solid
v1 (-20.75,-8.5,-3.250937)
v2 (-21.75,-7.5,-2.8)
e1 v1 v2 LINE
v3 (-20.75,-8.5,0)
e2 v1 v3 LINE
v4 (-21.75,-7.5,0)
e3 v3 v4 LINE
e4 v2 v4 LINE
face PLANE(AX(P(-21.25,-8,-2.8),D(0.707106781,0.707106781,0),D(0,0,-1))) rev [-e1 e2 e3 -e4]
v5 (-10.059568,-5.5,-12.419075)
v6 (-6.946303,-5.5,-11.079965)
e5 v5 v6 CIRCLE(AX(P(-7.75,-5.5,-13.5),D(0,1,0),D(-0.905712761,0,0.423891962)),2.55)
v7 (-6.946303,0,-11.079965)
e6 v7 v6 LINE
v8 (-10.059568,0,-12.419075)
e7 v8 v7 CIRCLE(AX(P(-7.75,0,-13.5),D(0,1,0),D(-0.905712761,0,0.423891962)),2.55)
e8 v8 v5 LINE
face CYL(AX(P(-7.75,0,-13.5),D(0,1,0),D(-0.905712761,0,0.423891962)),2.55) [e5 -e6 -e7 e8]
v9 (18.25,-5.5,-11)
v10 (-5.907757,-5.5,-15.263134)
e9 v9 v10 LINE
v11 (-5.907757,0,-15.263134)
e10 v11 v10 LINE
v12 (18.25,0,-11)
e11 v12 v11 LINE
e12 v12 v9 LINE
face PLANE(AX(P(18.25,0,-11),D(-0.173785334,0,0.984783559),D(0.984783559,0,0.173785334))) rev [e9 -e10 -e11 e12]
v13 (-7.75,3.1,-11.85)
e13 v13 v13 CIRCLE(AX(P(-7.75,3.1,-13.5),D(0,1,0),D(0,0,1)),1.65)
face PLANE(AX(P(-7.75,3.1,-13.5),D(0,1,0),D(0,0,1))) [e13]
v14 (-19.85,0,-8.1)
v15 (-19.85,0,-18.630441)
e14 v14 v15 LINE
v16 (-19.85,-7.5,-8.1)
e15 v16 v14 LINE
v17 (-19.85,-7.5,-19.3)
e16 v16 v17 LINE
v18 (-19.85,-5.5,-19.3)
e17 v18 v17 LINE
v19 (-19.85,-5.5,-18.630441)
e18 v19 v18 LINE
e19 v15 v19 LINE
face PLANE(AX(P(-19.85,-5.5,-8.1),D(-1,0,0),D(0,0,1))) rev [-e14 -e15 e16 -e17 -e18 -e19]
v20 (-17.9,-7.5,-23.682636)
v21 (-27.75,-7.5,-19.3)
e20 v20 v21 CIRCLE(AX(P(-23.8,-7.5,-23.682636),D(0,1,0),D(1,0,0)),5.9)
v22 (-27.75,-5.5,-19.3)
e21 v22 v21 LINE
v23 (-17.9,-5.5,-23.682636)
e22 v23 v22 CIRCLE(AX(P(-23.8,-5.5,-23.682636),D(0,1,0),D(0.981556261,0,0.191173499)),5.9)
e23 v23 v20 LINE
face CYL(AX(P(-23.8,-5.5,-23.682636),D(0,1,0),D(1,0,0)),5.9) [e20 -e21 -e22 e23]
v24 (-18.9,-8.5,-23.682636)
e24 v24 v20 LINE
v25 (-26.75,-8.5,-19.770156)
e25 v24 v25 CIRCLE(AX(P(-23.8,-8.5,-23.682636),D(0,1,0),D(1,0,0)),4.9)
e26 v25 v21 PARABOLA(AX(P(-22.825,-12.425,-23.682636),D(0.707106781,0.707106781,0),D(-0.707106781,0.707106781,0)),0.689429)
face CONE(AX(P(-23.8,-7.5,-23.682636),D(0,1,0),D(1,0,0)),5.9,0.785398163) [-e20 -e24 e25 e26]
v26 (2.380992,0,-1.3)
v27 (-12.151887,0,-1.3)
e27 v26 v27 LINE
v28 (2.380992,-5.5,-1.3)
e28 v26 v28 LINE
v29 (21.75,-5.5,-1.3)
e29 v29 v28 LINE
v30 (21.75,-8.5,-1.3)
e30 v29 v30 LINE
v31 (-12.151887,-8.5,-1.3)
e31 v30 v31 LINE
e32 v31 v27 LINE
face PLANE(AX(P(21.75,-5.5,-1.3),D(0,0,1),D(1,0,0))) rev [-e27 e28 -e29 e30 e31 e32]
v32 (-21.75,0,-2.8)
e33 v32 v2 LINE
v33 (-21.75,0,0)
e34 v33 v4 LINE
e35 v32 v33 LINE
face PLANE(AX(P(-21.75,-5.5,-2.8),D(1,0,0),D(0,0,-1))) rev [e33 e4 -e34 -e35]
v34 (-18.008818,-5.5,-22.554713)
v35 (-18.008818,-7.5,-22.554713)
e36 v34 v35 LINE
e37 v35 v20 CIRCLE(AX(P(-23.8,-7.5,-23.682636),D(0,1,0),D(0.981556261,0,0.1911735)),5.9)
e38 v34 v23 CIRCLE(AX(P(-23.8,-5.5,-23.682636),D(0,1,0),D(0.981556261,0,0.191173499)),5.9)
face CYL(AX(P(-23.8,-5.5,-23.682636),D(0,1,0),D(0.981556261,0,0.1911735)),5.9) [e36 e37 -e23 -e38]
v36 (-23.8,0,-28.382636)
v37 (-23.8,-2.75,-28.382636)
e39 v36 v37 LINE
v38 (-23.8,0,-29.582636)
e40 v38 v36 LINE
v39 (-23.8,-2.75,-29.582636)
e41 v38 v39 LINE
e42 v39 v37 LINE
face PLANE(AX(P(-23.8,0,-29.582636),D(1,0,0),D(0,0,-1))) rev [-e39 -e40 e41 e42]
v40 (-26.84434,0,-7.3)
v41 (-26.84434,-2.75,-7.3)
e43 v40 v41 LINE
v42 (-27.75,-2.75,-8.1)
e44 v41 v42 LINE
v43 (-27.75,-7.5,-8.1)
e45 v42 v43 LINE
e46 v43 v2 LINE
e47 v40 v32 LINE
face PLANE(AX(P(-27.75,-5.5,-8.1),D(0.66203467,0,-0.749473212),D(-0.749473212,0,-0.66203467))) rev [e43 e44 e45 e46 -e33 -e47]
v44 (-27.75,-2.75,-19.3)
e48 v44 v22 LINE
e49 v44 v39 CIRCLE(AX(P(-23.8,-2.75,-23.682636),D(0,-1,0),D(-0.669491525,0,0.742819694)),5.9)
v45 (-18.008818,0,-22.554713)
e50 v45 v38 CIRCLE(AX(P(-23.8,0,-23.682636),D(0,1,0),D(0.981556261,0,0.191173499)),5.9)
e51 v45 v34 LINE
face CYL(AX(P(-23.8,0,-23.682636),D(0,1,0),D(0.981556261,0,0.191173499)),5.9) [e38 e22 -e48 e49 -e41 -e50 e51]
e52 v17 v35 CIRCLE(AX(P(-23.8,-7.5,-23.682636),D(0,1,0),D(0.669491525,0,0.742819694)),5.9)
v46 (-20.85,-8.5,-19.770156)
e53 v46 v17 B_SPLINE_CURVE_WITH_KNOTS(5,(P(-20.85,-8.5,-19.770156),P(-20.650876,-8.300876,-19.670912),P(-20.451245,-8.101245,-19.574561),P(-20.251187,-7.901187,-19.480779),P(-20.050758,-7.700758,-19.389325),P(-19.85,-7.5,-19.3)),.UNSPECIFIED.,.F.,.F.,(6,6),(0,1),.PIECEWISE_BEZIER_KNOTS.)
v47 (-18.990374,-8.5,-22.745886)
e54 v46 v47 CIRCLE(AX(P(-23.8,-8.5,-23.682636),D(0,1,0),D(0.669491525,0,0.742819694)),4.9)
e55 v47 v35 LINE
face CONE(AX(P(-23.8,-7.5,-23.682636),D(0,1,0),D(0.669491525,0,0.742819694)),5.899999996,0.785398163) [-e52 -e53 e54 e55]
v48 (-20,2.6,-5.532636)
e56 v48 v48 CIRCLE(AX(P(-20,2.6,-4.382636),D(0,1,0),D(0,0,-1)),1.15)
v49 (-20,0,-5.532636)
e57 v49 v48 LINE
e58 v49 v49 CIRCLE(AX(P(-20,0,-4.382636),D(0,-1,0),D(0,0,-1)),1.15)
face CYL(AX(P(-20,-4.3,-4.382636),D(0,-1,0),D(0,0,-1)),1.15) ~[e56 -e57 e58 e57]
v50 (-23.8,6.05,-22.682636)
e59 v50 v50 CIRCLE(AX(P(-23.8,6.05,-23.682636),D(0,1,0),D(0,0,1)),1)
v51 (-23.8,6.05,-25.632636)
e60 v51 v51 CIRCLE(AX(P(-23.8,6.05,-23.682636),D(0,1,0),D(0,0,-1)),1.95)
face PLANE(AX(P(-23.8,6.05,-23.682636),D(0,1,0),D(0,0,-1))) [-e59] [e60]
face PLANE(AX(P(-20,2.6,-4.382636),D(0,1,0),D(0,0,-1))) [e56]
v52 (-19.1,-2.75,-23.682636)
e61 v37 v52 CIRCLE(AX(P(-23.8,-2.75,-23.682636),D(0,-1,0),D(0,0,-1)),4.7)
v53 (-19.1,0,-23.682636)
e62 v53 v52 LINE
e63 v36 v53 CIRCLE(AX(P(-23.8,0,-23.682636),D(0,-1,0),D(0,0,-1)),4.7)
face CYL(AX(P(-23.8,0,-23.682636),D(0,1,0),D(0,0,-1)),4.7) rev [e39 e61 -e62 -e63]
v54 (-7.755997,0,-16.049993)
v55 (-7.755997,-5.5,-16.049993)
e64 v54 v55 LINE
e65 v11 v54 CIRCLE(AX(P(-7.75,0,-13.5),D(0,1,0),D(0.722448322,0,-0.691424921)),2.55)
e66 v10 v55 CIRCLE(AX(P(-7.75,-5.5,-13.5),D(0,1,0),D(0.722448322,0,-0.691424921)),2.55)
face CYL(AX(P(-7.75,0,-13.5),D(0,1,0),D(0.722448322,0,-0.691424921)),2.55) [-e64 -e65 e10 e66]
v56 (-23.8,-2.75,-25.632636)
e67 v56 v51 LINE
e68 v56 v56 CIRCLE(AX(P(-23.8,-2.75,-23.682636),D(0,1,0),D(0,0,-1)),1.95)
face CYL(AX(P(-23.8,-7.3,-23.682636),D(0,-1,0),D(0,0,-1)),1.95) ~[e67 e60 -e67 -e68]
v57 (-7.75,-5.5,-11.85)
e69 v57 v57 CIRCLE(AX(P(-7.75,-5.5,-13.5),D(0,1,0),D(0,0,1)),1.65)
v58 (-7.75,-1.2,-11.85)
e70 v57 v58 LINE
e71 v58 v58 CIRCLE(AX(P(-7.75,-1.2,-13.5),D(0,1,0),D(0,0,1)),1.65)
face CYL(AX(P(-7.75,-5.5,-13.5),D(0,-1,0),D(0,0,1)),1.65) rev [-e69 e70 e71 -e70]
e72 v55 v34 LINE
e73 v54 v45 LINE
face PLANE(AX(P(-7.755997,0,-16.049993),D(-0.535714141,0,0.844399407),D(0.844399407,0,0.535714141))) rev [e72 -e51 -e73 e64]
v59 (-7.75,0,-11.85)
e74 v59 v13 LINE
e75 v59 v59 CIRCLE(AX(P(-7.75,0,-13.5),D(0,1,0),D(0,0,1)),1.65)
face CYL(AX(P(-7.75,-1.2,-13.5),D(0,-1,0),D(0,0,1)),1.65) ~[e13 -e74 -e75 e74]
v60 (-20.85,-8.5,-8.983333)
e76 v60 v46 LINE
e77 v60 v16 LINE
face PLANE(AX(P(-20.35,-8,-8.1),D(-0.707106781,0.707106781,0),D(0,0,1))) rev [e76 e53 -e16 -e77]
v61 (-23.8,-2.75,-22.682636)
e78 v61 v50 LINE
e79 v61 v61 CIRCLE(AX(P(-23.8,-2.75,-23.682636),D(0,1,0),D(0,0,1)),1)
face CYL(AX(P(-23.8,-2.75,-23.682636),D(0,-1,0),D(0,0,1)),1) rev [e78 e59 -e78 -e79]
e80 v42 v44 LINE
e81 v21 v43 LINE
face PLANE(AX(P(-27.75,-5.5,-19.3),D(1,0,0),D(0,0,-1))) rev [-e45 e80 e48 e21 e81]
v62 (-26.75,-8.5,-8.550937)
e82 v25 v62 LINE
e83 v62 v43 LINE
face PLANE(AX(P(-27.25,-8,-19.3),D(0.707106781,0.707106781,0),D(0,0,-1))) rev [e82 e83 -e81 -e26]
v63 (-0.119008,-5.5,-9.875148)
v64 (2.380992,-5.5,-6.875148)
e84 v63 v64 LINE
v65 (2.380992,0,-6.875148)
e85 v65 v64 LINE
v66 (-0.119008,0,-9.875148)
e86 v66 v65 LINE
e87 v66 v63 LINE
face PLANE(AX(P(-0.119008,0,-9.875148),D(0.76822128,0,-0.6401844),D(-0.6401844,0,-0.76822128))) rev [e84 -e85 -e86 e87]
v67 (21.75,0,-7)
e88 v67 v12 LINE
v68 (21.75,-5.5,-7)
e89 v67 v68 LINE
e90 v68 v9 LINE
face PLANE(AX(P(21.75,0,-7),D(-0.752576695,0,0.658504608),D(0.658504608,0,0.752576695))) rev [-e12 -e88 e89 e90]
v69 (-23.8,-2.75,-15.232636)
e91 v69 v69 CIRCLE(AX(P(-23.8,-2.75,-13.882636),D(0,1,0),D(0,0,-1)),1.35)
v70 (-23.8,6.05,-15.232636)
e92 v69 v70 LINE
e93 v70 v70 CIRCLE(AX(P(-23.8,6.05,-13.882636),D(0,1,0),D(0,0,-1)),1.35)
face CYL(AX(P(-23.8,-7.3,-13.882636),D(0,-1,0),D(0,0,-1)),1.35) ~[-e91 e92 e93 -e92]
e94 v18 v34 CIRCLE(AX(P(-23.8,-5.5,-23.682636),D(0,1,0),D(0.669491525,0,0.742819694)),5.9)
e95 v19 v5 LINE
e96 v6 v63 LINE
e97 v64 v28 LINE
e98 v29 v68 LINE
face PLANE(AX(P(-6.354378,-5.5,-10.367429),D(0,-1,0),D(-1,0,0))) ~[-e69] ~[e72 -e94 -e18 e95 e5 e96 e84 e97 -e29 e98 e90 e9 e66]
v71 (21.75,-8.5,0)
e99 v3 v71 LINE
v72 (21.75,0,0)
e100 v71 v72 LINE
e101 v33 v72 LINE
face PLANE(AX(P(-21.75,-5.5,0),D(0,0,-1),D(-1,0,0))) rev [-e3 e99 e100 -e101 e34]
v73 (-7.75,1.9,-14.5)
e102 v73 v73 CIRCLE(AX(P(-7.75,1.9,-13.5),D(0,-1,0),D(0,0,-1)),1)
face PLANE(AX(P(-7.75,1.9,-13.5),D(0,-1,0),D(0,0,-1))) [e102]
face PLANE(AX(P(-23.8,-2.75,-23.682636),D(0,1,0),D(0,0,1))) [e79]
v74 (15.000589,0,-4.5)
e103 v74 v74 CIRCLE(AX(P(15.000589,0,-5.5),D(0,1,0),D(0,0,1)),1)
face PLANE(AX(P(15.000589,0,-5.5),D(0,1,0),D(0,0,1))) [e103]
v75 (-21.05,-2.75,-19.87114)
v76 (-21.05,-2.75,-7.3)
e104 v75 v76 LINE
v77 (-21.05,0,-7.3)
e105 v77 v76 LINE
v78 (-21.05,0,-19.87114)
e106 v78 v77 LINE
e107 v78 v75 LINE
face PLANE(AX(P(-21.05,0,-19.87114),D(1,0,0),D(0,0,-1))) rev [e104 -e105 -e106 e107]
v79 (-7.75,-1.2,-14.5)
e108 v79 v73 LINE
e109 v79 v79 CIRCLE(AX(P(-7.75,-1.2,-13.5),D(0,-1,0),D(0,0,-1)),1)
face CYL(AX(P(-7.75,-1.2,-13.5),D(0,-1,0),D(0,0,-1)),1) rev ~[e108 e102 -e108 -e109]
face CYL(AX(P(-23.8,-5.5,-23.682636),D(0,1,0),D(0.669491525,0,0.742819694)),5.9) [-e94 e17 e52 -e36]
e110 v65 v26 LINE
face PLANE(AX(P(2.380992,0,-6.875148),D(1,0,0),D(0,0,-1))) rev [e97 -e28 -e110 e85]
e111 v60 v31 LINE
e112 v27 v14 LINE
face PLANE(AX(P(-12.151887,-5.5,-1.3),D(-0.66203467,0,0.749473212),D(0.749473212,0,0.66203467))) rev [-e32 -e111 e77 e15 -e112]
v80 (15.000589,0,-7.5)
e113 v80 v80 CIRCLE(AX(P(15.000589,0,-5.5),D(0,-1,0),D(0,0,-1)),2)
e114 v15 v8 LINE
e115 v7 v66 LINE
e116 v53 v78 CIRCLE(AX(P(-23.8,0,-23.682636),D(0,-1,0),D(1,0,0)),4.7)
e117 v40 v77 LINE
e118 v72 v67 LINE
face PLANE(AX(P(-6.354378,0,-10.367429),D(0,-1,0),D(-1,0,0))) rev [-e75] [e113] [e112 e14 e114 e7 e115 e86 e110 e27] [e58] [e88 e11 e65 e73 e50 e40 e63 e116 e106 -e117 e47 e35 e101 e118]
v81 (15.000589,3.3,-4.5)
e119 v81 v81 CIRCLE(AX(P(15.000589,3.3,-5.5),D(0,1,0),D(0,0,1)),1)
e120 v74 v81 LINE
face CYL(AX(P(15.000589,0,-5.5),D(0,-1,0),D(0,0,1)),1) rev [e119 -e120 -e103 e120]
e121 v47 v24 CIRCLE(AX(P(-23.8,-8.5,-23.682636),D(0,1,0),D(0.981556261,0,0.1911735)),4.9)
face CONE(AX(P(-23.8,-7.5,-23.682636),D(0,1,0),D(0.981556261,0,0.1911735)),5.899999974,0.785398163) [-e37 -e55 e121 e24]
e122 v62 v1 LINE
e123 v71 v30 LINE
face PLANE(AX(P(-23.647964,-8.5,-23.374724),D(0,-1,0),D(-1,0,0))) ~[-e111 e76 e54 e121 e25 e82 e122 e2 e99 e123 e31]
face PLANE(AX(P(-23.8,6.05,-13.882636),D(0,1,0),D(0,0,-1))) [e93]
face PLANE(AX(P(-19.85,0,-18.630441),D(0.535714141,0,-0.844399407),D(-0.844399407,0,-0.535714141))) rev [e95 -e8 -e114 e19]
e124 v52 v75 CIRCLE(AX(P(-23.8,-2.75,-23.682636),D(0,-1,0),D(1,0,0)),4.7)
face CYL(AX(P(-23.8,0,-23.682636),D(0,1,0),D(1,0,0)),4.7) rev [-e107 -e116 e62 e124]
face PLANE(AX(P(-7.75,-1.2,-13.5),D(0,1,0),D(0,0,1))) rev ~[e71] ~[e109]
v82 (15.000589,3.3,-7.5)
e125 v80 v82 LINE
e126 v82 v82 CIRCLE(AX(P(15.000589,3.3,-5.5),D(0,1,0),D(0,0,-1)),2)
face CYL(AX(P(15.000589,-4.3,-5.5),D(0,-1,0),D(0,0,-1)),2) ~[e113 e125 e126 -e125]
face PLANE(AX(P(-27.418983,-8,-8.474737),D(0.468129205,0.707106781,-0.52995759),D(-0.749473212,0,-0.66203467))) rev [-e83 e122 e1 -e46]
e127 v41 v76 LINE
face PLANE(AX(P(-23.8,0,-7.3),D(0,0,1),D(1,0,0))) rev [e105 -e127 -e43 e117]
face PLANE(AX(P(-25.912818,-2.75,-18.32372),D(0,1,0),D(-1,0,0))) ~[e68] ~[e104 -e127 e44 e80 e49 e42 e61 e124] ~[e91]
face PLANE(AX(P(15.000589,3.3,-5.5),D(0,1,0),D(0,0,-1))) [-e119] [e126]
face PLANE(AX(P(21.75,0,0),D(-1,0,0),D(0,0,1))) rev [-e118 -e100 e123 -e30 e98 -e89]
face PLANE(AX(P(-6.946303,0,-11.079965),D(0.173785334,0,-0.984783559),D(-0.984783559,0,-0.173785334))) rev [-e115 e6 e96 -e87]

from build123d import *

# Parameters (mm, degrees)
BOSS_EXTRUDE1_DEPTH      = 5.5
SKETCH2_R                = 1.65
CUT_EXTRUDE1_DEPTH       = 5.5
BOSS_EXTRUDE2_DEPTH      = 3
CUT_EXTRUDE2_DEPTH       = 2.75
SKETCH5_R                = 1.95
SKETCH5_R_2              = 1.35
SKETCH5_R_3              = 1.15
SKETCH5_R_4              = 2
CUT_EXTRUDE3_DEPTH       = 4.3
SKETCH7_R                = 1.95
SKETCH7_R_2              = 1.35
CUT_EXTRUDE4_DEPTH       = 3
CHAMFER1_SIZE            = 1
CUT_EXTRUDE5_DEPTH       = 2.75
SKETCH9_R                = 1.95
BOSS_EXTRUDE3_DEPTH      = 13.35
CUT_EXTRUDE6_START       = -8.8
SKETCH10_R               = 1
CUT_EXTRUDE6_DEPTH       = 8.8
SKETCH11_R               = 1.35
BOSS_EXTRUDE4_DEPTH      = 13.35
SKETCH12_R               = 1.15
BOSS_EXTRUDE5_DEPTH      = 6.9
SKETCH13_R               = 2
BOSS_EXTRUDE6_DEPTH      = 7.6
CUT_EXTRUDE7_START       = -3.3
SKETCH14_R               = 1
CUT_EXTRUDE7_DEPTH       = 3.3
BOSS_EXTRUDE7_DEPTH      = 3.1
BOSS_EXTRUDE7_DEPTH_BACK = 1.2
SKETCH15_R               = 1.65
SKETCH16_R               = 1
CUT_EXTRUDE8_DEPTH       = 3.1


with BuildPart() as part:
    # Sketch1 → Boss-Extrude1 (new body)
    with BuildSketch(Plane(origin=(0, 0, 0), x_dir=(1, 0, 0), z_dir=(0, 1, 0))):
        with BuildLine():
            Line((-7.755996733, 16.049992949), (-18.008818061, 22.554712546))
            ThreePointArc((-18.008818061, 22.554712546), (-25.669699487, 29.278547542), (-27.75, 19.3))
            Line((-27.75, 19.3), (-27.75, 8.1))
            Line((-27.75, 8.1), (-21.75, 2.8))
            Line((-21.75, 2.8), (-21.75, 0))
            Line((-21.75, 0), (21.75, 0))
            Line((21.75, 0), (21.75, 7))
            Line((21.75, 7), (18.25, 11))
            Line((18.25, 11), (-5.907756778, 15.263133549))
            ThreePointArc((-5.907756778, 15.263133549), (-6.75113203, 15.846223088), (-7.755996733, 16.049992949))
        make_face()
        with BuildLine():
            Line((-19.85, 18.630440726), (-10.05956754, 12.419075498))
            ThreePointArc((-10.05956754, 12.419075498), (-8.75757921, 11.15750472), (-6.94630287, 11.079964685))
            Line((-6.94630287, 11.079964685), (-0.119008465, 9.875148026))
            Line((-0.119008465, 9.875148026), (2.380991535, 6.875148026))
            Line((2.380991535, 6.875148026), (2.380991535, 1.3))
            Line((2.380991535, 1.3), (-12.151886792, 1.3))
            Line((-12.151886792, 1.3), (-19.85, 8.1))
            Line((-19.85, 8.1), (-19.85, 18.630440726))
        make_face(mode=Mode.SUBTRACT)
    extrude(amount=BOSS_EXTRUDE1_DEPTH)

    # Sketch2 → Cut-Extrude1 (cut)
    with BuildSketch(Plane(origin=(0, 5.5, 0), x_dir=(1, 0, 0), z_dir=(0, 1, 0))):
        with Locations(Location((-7.75, 13.5, 0), (0, 0, 270))):
            Circle(SKETCH2_R)
    extrude(amount=-CUT_EXTRUDE1_DEPTH, mode=Mode.SUBTRACT)

    # Sketch3 → Boss-Extrude2 (add)
    with BuildSketch(Plane(origin=(0, 5.5, 0), x_dir=(1, 0, 0), z_dir=(0, 1, 0))):
        with BuildLine():
            ThreePointArc((-27.75, 19.3), (-23.8, 17.782636193), (-19.85, 19.3))
            ThreePointArc((-19.85, 19.3), (-18.664735174, 20.777631), (-18.008818061, 22.554712546))
            ThreePointArc((-18.008818061, 22.554712546), (-17.927267525, 23.116055854), (-17.9, 23.682636193))
            ThreePointArc((-17.9, 23.682636193), (-26.198436991, 29.073137097), (-27.75, 19.3))
        make_face()
        with BuildLine():
            Line((-12.151886792, 1.3), (-19.85, 8.1))
            Line((-19.85, 8.1), (-19.85, 18.630440726))
            Line((-19.85, 18.630440726), (-19.85, 19.3))
            ThreePointArc((-19.85, 19.3), (-23.8, 17.782636193), (-27.75, 19.3))
            Line((-27.75, 19.3), (-27.75, 8.1))
            Line((-27.75, 8.1), (-21.75, 2.8))
            Line((-21.75, 2.8), (-21.75, 0))
            Line((-21.75, 0), (21.75, 0))
            Line((21.75, 0), (21.75, 1.3))
            Line((21.75, 1.3), (2.380991535, 1.3))
            Line((2.380991535, 1.3), (-12.151886792, 1.3))
        make_face()
    extrude(amount=BOSS_EXTRUDE2_DEPTH)

    # Sketch4 → Cut-Extrude2 (cut)
    with BuildSketch(Plane.XZ):
        with BuildLine():
            ThreePointArc((-27.75, -19.3), (-29.307610804, -25.798344876), (-23.8, -29.582636193))
            Line((-23.8, -29.582636193), (-23.8, -7.3))
            Line((-23.8, -7.3), (-26.844339623, -7.3))
            Line((-26.844339623, -7.3), (-27.75, -8.1))
            Line((-27.75, -8.1), (-27.75, -19.3))
        make_face()
    extrude(amount=-CUT_EXTRUDE2_DEPTH, mode=Mode.SUBTRACT)

    # Sketch5 → Cut-Extrude3 (cut)
    with BuildSketch(Plane.XZ):
        with Locations(Location((-23.8, -23.682636193, 0), (0, 0, 90))):
            Circle(SKETCH5_R)
        with Locations(Location((-23.8, -13.882636193, 0), (0, 0, 90))):
            Circle(SKETCH5_R_2)
        with Locations(Location((-20, -4.382636193, 0), (0, 0, 270))):
            Circle(SKETCH5_R_3)
        with Locations(Location((15.000589162, -5.5, 0), (0, 0, 270))):
            Circle(SKETCH5_R_4)
    extrude(amount=-CUT_EXTRUDE3_DEPTH, mode=Mode.SUBTRACT)

    # Sketch7 → Cut-Extrude4 (cut)
    with BuildSketch(Plane.XZ.offset(-4.3)):
        with Locations(Location((-23.8, -23.682636193, 0), (0, 0, 90))):
            Circle(SKETCH7_R)
        with Locations(Location((-23.8, -13.882636193, 0), (0, 0, 90))):
            Circle(SKETCH7_R_2)
    extrude(amount=-CUT_EXTRUDE4_DEPTH, mode=Mode.SUBTRACT)

    # Chamfer1
    chamfer1_edges = [part.edges().sort_by_distance(p)[0] for p in [
        (-23.8, 8.5, -29.582636193),
        (-27.75, 8.5, -13.7),
        (-24.75, 8.5, -5.45),
        (-21.75, 8.5, -1.4),
        (-19.85, 8.5, -13.7),
    ]]
    chamfer(chamfer1_edges, length=CHAMFER1_SIZE)

    # Sketch8 → Cut-Extrude5 (cut)
    with BuildSketch(Plane.XZ):
        with BuildLine():
            Line((-21.05, -7.3), (-23.8, -7.3))
            Line((-23.8, -7.3), (-23.8, -12.532636193))
            ThreePointArc((-23.8, -12.532636193), (-22.45, -13.882636193), (-23.8, -15.232636193))
            Line((-23.8, -15.232636193), (-23.8, -18.982636193))
            ThreePointArc((-23.8, -18.982636193), (-22.355013861, -19.210274953), (-21.05, -19.871140424))
            Line((-21.05, -19.871140424), (-21.05, -7.3))
        make_face()
        with BuildLine():
            ThreePointArc((-19.1, -23.682636193), (-19.615803542, -21.54195873), (-21.05, -19.871140424))
            ThreePointArc((-21.05, -19.871140424), (-22.355013861, -19.210274953), (-23.8, -18.982636193))
            Line((-23.8, -18.982636193), (-23.8, -21.732636193))
            ThreePointArc((-23.8, -21.732636193), (-21.85, -23.682636193), (-23.8, -25.632636193))
            Line((-23.8, -25.632636193), (-23.8, -28.382636193))
            ThreePointArc((-23.8, -28.382636193), (-20.476598128, -27.006038065), (-19.1, -23.682636193))
        make_face()
        with BuildLine():
            Line((-23.8, -21.732636193), (-23.8, -18.982636193))
            ThreePointArc((-23.8, -18.982636193), (-28.5, -23.682636193), (-23.8, -28.382636193))
            Line((-23.8, -28.382636193), (-23.8, -25.632636193))
            ThreePointArc((-23.8, -25.632636193), (-21.85, -23.682636193), (-23.8, -21.732636193))
        make_face()
    extrude(amount=-CUT_EXTRUDE5_DEPTH, mode=Mode.SUBTRACT)


with BuildPart() as body_2:
    # Mirror1: mirrored copy
    add(part.part.mirror(Plane.ZX))

    # Sketch9 → Boss-Extrude3 (add)
    with BuildSketch(Plane(origin=(0, -7.3, 0), x_dir=(1, 0, 0), z_dir=(0, 1, 0))):
        with Locations(Location((-23.8, 23.682636193, 0), (0, 0, 90))):
            Circle(SKETCH9_R)
    extrude(amount=BOSS_EXTRUDE3_DEPTH)

    # Sketch10 → Cut-Extrude6 (cut)
    with BuildSketch(Plane(origin=(0, 6.05, 0), x_dir=(1, 0, 0), z_dir=(0, 1, 0)).offset(CUT_EXTRUDE6_START)):
        with Locations(Location((-23.8, 23.682636193, 0), (0, 0, 270))):
            Circle(SKETCH10_R)
    extrude(amount=CUT_EXTRUDE6_DEPTH, mode=Mode.SUBTRACT)

    # Sketch11 → Boss-Extrude4 (add)
    with BuildSketch(Plane(origin=(0, -7.3, 0), x_dir=(1, 0, 0), z_dir=(0, 1, 0))):
        with Locations(Location((-23.8, 13.882636193, 0), (0, 0, 90))):
            Circle(SKETCH11_R)
    extrude(amount=BOSS_EXTRUDE4_DEPTH)

    # Sketch12 → Boss-Extrude5 (add)
    with BuildSketch(Plane(origin=(0, -4.3, 0), x_dir=(1, 0, 0), z_dir=(0, 1, 0))):
        with Locations(Location((-20, 4.382636193, 0), (0, 0, 90))):
            Circle(SKETCH12_R)
    extrude(amount=BOSS_EXTRUDE5_DEPTH)

    # Sketch13 → Boss-Extrude6 (add)
    with BuildSketch(Plane(origin=(0, -4.3, 0), x_dir=(1, 0, 0), z_dir=(0, 1, 0))):
        with Locations(Location((15.000589162, 5.5, 0), (0, 0, 90))):
            Circle(SKETCH13_R)
    extrude(amount=BOSS_EXTRUDE6_DEPTH)

    # Sketch14 → Cut-Extrude7 (cut)
    with BuildSketch(Plane(origin=(0, 3.3, 0), x_dir=(1, 0, 0), z_dir=(0, 1, 0)).offset(CUT_EXTRUDE7_START)):
        with Locations(Location((15.000589162, 5.5, 0), (0, 0, 270))):
            Circle(SKETCH14_R)
    extrude(amount=CUT_EXTRUDE7_DEPTH, mode=Mode.SUBTRACT)

    # Sketch15 → Boss-Extrude7 (add, two sides: drawn at the far end of the back side and taken through both)
    with BuildSketch(Plane(origin=(0, 0, 0), x_dir=(1, 0, 0), z_dir=(0, 1, 0)).offset(-BOSS_EXTRUDE7_DEPTH_BACK)):
        with Locations(Location((-7.75, 13.5, 0), (0, 0, 270))):
            Circle(SKETCH15_R)
    extrude(amount=BOSS_EXTRUDE7_DEPTH + BOSS_EXTRUDE7_DEPTH_BACK)

    # Sketch16 → Cut-Extrude8 (cut)
    with BuildSketch(Plane.XZ.offset(1.2)):
        with Locations(Location((-7.75, -13.5, 0), (0, 0, 270))):
            Circle(SKETCH16_R)
    extrude(amount=-CUT_EXTRUDE8_DEPTH, mode=Mode.SUBTRACT)


solid = body_2.part
